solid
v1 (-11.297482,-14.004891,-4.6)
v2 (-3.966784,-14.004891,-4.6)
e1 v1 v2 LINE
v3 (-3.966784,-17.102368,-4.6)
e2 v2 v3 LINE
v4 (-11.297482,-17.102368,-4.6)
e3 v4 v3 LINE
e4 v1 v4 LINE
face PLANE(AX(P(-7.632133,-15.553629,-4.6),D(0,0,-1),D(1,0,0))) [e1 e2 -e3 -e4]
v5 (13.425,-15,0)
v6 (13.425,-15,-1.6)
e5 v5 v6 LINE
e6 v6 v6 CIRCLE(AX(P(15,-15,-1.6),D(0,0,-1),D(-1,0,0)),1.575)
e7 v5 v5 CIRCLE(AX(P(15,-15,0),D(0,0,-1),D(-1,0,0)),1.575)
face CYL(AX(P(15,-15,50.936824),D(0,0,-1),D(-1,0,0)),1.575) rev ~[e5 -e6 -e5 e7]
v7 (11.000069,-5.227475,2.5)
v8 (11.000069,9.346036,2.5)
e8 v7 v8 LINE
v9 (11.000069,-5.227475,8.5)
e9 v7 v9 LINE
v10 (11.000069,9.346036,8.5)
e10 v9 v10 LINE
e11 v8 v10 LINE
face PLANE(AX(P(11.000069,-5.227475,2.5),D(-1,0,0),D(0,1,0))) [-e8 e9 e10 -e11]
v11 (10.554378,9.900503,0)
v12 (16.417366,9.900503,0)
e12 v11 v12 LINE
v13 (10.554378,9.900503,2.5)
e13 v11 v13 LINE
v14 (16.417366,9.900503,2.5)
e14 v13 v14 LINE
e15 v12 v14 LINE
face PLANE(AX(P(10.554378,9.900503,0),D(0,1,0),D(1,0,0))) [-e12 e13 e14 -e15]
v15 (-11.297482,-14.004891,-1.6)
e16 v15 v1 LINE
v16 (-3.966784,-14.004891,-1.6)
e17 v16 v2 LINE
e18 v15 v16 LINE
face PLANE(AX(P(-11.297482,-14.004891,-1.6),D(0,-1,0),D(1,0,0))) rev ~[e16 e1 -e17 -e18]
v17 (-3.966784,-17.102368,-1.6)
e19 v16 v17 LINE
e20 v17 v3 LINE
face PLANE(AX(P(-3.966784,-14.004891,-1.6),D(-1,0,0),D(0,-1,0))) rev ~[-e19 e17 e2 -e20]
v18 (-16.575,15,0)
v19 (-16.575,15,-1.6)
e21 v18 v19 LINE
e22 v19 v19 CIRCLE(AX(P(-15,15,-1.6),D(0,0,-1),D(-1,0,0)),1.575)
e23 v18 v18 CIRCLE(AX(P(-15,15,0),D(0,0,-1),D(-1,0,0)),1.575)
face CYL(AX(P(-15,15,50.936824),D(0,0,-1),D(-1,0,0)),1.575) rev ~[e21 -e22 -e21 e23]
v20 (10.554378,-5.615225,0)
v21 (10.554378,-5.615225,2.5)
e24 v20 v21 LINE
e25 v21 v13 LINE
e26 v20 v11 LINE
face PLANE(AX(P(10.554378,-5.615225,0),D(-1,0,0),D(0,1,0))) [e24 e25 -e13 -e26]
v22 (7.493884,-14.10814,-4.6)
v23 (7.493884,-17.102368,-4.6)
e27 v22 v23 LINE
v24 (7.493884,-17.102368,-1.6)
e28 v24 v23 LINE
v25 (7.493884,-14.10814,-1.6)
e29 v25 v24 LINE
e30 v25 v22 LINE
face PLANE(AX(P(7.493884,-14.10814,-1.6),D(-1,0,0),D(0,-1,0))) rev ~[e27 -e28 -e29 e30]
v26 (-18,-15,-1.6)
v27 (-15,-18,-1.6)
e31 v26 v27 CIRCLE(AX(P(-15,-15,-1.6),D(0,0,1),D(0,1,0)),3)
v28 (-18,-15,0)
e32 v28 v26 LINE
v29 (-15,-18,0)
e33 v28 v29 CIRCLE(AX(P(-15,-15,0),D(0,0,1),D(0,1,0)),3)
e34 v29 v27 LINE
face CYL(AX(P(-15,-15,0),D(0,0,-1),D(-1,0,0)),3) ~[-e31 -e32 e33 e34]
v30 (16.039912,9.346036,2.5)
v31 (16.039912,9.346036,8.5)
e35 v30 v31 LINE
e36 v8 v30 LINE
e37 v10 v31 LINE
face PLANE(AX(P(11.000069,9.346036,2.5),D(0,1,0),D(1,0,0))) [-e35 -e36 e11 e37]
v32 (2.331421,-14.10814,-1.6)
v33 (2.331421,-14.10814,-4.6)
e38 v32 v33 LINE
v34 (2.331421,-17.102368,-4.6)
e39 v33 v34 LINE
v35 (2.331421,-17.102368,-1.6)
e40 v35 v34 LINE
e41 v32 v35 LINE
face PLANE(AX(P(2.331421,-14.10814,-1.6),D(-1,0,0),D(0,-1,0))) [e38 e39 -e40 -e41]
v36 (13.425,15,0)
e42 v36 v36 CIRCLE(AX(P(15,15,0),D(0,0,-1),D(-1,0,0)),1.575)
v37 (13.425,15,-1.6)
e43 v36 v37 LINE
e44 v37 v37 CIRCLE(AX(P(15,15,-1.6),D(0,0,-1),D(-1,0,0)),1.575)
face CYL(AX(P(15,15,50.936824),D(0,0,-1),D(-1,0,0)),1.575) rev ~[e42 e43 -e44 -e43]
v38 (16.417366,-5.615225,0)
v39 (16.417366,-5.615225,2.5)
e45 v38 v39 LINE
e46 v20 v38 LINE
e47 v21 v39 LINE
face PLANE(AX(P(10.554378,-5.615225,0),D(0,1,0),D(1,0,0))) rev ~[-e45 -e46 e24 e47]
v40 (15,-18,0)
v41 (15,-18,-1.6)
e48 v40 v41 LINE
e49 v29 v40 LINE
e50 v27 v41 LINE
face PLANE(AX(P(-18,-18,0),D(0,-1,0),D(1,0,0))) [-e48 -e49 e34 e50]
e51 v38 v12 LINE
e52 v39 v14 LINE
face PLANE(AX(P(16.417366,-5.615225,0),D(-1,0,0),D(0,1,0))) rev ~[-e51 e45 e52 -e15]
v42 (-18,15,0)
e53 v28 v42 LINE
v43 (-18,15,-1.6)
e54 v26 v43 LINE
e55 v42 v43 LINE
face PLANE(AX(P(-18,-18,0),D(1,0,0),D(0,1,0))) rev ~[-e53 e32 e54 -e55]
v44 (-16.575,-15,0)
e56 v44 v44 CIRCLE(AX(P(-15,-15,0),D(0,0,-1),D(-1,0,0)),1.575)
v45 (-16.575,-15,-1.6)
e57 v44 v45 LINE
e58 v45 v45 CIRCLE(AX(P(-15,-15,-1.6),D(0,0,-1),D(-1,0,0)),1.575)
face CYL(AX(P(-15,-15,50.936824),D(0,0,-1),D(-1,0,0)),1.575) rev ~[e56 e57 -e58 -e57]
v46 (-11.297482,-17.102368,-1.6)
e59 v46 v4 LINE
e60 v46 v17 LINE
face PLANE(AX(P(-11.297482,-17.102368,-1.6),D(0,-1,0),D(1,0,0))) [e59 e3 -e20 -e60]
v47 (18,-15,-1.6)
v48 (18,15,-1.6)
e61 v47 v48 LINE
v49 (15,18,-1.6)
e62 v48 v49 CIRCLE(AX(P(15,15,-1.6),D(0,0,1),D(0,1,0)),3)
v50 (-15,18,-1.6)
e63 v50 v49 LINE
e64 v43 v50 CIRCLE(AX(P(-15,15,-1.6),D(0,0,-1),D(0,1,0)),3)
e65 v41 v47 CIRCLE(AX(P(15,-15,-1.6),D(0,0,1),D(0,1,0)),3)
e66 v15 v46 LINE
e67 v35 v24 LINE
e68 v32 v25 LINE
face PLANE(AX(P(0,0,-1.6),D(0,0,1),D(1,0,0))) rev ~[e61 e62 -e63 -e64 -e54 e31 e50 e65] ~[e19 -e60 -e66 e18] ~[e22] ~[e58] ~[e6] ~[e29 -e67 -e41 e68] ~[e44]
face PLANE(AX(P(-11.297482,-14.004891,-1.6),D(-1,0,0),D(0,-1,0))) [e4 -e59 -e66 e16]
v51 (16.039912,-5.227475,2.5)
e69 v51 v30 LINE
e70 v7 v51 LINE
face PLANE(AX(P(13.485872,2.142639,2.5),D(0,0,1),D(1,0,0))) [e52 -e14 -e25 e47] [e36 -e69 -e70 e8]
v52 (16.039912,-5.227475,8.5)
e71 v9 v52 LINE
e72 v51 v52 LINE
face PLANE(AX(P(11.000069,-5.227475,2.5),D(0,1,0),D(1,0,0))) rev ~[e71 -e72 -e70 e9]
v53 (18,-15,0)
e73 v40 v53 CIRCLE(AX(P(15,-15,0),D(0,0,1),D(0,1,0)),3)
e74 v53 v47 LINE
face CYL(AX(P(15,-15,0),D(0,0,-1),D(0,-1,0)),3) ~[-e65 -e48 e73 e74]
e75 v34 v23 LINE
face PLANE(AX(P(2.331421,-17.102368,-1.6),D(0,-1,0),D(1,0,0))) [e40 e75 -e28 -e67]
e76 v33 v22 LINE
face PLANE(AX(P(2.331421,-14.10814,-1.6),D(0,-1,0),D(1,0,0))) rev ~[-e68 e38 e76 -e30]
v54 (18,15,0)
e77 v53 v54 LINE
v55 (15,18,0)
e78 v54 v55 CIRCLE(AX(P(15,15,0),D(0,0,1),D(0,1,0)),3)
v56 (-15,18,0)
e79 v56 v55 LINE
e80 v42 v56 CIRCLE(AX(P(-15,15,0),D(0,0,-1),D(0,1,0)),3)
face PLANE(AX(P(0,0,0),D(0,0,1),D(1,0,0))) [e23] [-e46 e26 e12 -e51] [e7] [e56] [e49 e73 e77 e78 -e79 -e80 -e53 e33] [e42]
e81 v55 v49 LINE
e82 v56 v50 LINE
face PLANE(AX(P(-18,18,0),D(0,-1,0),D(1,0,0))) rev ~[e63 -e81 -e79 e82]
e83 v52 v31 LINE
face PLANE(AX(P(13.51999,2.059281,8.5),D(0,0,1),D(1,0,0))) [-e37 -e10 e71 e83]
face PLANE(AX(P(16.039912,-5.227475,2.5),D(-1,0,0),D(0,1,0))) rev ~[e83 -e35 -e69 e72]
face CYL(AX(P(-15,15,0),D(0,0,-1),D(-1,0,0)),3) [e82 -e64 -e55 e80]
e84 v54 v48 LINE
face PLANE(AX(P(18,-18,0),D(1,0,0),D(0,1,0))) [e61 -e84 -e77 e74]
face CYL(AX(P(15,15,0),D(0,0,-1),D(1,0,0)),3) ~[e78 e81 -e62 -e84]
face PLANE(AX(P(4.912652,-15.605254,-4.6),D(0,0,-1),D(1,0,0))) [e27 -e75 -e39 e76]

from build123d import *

# Parameters (mm, degrees)
F0_W     = 36
F0_H     = 36
F1_DEPTH = 1.6
F2_R     = 3
F3_D     = 3.15
F4_W     = 5.162462825
F4_H     = 2.9942281544
F4_W_2   = 7.3306979612
F4_H_2   = 3.097477369
F5_DEPTH = 3
F6_W     = 5.8629876003
F6_H     = 15.5157274567
F7_DEPTH = 2.5
F8_W     = 5.0398427993
F8_H     = 14.5735112019
F9_DEPTH = 6


with BuildPart() as f1:
    # F0 (on Top) → F1 (new body)
    with BuildSketch(Plane.XY):
        Rectangle(F0_W, F0_H)
    extrude(amount=-F1_DEPTH)

    # F2
    f2_edges = [f1.edges().sort_by_distance(p)[0] for p in [
        (18, -18, -0.8),
        (-18, -18, -0.8),
        (18, 18, -0.8),
        (-18, 18, -0.8),
    ]]
    fillet(f2_edges, radius=F2_R)

    # F3 (through all)
    with Locations(Plane.XY):
        with Locations((-15, 15), (15, 15), (15, -15), (-15, -15)):
            Hole(F3_D / 2)

    # F4 (on face) → F5 (join)
    with BuildSketch(Plane(origin=(0, 0, -1.6), x_dir=(1, 0, 0), z_dir=(0, 0, -1))):
        with Locations((4.9126524245, 15.6052540988)):
            Rectangle(F4_W, F4_H)
        with Locations((-7.6321330853, 15.5536294915)):
            Rectangle(F4_W_2, F4_H_2)
    extrude(amount=F5_DEPTH)

    # F6 (on face) → F7 (join)
    with BuildSketch(Plane.XY):
        with Locations((13.4858717211, 2.1426391322)):
            Rectangle(F6_W, F6_H)
    extrude(amount=F7_DEPTH)

    # F8 (on face) → F9 (join)
    with BuildSketch(Plane.XY.offset(2.5)):
        with Locations((13.5199902579, 2.0592806395)):
            Rectangle(F8_W, F8_H)
    extrude(amount=F9_DEPTH)


solid = f1.part
